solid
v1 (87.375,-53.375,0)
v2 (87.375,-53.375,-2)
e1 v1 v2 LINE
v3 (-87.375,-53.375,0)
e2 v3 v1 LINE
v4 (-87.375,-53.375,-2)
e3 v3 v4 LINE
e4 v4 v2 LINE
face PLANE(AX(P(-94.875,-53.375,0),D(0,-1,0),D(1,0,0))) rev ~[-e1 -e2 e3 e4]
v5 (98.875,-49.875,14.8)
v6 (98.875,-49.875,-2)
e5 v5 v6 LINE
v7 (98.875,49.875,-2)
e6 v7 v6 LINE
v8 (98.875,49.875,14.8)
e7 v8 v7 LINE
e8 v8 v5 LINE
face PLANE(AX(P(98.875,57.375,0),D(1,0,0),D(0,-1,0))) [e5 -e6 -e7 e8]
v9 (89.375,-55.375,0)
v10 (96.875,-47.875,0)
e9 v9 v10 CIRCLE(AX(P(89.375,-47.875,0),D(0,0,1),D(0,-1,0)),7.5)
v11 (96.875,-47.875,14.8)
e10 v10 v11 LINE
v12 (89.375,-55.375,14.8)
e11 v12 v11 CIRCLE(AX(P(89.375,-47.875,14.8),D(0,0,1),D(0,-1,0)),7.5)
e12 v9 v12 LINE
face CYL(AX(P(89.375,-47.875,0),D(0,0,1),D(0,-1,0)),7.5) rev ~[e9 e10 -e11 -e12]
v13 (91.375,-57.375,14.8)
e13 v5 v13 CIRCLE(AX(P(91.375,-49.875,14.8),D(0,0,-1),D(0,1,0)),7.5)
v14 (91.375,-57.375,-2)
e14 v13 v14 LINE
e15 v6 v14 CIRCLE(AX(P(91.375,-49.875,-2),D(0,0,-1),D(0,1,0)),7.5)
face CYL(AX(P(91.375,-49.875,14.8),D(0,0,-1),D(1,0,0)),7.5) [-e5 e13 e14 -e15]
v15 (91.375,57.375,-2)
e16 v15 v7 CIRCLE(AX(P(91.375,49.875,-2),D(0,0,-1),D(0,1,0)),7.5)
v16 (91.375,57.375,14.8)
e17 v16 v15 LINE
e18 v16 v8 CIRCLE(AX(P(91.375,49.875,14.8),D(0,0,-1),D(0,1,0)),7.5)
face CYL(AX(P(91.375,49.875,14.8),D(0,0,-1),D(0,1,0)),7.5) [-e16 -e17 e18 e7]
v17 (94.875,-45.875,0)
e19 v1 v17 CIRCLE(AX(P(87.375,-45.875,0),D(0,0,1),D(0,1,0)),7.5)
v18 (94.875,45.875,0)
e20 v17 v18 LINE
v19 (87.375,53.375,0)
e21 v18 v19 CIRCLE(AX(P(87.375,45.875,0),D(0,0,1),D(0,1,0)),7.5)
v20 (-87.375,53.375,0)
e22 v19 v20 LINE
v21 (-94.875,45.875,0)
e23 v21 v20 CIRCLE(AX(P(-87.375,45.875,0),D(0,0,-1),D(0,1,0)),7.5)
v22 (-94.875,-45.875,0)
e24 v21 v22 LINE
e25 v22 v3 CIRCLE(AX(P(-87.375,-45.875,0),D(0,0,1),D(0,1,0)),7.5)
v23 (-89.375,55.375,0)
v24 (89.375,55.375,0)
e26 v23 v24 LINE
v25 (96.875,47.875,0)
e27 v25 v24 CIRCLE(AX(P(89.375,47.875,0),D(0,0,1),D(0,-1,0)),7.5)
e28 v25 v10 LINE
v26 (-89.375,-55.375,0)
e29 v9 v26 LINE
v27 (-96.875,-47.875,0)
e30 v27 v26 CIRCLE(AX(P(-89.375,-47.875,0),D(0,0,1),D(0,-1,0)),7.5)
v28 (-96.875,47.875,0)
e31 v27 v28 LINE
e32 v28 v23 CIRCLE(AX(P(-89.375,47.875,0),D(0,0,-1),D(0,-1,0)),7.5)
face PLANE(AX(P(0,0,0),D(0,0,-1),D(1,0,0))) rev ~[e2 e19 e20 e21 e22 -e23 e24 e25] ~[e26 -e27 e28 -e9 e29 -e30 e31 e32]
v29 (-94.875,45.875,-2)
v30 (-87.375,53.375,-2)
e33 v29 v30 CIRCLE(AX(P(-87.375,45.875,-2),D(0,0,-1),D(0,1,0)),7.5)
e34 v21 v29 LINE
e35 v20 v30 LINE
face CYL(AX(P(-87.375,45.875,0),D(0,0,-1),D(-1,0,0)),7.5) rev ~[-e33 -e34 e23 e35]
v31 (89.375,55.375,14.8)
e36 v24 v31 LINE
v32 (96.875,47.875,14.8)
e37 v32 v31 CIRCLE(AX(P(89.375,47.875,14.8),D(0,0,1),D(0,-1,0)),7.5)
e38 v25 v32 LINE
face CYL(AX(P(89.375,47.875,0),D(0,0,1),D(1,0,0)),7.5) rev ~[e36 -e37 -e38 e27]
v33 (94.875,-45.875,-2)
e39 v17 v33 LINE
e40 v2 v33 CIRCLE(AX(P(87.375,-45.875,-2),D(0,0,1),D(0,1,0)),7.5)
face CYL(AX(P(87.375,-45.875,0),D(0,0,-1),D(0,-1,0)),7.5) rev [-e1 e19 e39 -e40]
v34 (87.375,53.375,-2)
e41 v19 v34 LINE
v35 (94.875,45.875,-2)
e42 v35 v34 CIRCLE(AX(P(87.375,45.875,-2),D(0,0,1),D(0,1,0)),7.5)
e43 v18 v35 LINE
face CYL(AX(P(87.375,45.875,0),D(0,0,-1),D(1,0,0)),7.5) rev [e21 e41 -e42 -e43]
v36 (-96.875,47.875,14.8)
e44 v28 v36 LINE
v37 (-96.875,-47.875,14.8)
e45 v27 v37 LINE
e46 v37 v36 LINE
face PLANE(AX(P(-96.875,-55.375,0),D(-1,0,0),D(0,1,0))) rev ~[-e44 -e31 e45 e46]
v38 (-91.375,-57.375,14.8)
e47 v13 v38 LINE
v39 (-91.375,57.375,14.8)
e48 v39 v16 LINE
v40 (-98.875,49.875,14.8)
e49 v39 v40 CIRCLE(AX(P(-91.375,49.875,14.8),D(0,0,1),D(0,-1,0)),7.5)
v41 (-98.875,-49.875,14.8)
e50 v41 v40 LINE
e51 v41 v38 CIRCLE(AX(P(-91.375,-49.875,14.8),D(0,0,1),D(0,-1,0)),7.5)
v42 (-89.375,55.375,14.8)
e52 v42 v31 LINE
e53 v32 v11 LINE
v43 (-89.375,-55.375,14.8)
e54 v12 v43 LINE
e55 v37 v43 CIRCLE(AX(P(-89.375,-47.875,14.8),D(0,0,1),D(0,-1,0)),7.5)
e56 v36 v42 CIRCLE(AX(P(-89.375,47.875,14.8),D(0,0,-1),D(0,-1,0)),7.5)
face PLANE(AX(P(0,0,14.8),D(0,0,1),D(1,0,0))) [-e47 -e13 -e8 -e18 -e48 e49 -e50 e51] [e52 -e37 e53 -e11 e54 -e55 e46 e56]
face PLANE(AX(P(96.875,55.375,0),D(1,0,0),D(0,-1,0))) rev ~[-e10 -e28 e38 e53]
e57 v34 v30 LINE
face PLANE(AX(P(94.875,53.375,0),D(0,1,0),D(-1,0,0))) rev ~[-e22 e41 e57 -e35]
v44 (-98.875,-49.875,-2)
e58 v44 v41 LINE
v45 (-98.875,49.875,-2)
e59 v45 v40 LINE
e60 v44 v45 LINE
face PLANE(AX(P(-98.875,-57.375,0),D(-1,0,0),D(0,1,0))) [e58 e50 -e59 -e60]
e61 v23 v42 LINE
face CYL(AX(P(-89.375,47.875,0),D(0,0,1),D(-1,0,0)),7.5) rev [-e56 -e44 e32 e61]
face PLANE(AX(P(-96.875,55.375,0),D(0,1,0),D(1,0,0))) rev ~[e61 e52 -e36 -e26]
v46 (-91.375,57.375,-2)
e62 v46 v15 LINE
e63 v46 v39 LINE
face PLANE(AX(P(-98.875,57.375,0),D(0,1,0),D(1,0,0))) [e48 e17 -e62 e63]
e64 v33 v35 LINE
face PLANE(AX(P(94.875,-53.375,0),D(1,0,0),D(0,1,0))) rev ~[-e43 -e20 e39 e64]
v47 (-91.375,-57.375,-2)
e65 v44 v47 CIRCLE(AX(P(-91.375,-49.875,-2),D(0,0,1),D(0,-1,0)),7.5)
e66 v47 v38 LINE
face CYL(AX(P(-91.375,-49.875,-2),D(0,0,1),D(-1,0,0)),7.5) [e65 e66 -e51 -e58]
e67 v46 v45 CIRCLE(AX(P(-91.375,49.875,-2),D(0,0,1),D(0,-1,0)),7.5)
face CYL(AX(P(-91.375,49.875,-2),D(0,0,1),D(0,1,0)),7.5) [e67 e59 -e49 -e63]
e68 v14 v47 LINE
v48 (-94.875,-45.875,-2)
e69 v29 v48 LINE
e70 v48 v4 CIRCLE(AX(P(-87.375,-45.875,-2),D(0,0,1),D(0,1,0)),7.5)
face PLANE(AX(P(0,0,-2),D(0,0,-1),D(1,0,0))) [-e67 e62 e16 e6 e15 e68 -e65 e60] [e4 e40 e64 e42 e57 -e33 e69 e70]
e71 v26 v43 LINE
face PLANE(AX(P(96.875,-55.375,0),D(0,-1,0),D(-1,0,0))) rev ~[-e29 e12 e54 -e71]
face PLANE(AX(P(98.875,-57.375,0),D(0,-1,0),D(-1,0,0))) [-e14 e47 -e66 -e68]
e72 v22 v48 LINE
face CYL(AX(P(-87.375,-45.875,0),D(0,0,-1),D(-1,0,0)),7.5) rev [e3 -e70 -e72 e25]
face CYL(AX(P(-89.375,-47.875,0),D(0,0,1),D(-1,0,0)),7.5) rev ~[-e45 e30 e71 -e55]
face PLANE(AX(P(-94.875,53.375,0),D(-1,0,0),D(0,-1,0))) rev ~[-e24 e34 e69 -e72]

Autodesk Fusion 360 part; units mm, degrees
sketch "Sketch1" plane through (0, 0, 0) normal (0, 0, 1) x (1, 0, 0)
  line L0 (-96.875, 55.375) -> (96.875, 55.375)
  line L1 (96.875, 55.375) -> (96.875, -55.375)
  line L2 (96.875, -55.375) -> (-96.875, -55.375)
  line L3 (-96.875, -55.375) -> (-96.875, 55.375)
  line L4 (-98.875, 57.375) -> (98.875, 57.375)
  line L5 (98.875, 57.375) -> (98.875, -57.375)
  line L6 (98.875, -57.375) -> (-98.875, -57.375)
  line L7 (-98.875, -57.375) -> (-98.875, 57.375)
  point P0 (0, 55.375)
  point P1 (-96.875, 0)
  point P2 (0, 57.375)
  point P3 (98.875, 0)
  dimension "d1" = 193.75
  dimension "d2" = 110.75
  dimension "d3" = 2
  dimension "d4" = 2
extrude "Extrude1" add sketch "Sketch1" along normal blind 14.8
sketch "Sketch2" plane through (0, 0, 0) normal (0, 0, -1) x (1, 0, 0)
  line L0 (-96.875, 55.375) -> (96.875, 55.375)
  line L1 (96.875, 55.375) -> (96.875, -55.375)
  line L2 (96.875, -55.375) -> (-96.875, -55.375)
  line L3 (-96.875, -55.375) -> (-96.875, 55.375)
  line L4 (98.875, 57.375) -> (-98.875, 57.375)
  line L5 (-98.875, 57.375) -> (-98.875, -57.375)
  line L6 (-98.875, -57.375) -> (98.875, -57.375)
  line L7 (98.875, -57.375) -> (98.875, 57.375)
  line L8 (-98.875, 57.375) -> (98.875, 57.375)
  line L9 (98.875, 57.375) -> (98.875, -57.375)
  line L10 (98.875, -57.375) -> (-98.875, -57.375)
  line L11 (-98.875, -57.375) -> (-98.875, 57.375)
  line L12 (-94.875, 53.375) -> (94.875, 53.375)
  line L13 (94.875, 53.375) -> (94.875, -53.375)
  line L14 (94.875, -53.375) -> (-94.875, -53.375)
  line L15 (-94.875, -53.375) -> (-94.875, 53.375)
  point P0 (0, 53.375)
  point P1 (94.875, 0)
  dimension "d15" = 2
  dimension "d16" = 2
extrude "Extrude2" add sketch "Sketch2" along normal blind 2 contours L0 L1 L2 L3 | L4 L5 L6 L7 L8 L9 L10 L11
fillet "Fillet1" radius 7.5 12 edges at (-94.875, -53.375, -1) (-94.875, 53.375, -1) (94.875, 53.375, -1) (94.875, -53.375, -1) (-98.875, 57.375, 6.4) (-98.875, -57.375, 6.4) (98.875, 57.375, 6.4) (98.875, -57.375, 6.4) (96.875, 55.375, 7.4) (96.875, -55.375, 7.4) (-96.875, -55.375, 7.4) (-96.875, 55.375, 7.4)
equation "d4 = d3"
equation "d5 = 2 mm + 4.8 mm + 8 mm"
equation "d16 = d15"
